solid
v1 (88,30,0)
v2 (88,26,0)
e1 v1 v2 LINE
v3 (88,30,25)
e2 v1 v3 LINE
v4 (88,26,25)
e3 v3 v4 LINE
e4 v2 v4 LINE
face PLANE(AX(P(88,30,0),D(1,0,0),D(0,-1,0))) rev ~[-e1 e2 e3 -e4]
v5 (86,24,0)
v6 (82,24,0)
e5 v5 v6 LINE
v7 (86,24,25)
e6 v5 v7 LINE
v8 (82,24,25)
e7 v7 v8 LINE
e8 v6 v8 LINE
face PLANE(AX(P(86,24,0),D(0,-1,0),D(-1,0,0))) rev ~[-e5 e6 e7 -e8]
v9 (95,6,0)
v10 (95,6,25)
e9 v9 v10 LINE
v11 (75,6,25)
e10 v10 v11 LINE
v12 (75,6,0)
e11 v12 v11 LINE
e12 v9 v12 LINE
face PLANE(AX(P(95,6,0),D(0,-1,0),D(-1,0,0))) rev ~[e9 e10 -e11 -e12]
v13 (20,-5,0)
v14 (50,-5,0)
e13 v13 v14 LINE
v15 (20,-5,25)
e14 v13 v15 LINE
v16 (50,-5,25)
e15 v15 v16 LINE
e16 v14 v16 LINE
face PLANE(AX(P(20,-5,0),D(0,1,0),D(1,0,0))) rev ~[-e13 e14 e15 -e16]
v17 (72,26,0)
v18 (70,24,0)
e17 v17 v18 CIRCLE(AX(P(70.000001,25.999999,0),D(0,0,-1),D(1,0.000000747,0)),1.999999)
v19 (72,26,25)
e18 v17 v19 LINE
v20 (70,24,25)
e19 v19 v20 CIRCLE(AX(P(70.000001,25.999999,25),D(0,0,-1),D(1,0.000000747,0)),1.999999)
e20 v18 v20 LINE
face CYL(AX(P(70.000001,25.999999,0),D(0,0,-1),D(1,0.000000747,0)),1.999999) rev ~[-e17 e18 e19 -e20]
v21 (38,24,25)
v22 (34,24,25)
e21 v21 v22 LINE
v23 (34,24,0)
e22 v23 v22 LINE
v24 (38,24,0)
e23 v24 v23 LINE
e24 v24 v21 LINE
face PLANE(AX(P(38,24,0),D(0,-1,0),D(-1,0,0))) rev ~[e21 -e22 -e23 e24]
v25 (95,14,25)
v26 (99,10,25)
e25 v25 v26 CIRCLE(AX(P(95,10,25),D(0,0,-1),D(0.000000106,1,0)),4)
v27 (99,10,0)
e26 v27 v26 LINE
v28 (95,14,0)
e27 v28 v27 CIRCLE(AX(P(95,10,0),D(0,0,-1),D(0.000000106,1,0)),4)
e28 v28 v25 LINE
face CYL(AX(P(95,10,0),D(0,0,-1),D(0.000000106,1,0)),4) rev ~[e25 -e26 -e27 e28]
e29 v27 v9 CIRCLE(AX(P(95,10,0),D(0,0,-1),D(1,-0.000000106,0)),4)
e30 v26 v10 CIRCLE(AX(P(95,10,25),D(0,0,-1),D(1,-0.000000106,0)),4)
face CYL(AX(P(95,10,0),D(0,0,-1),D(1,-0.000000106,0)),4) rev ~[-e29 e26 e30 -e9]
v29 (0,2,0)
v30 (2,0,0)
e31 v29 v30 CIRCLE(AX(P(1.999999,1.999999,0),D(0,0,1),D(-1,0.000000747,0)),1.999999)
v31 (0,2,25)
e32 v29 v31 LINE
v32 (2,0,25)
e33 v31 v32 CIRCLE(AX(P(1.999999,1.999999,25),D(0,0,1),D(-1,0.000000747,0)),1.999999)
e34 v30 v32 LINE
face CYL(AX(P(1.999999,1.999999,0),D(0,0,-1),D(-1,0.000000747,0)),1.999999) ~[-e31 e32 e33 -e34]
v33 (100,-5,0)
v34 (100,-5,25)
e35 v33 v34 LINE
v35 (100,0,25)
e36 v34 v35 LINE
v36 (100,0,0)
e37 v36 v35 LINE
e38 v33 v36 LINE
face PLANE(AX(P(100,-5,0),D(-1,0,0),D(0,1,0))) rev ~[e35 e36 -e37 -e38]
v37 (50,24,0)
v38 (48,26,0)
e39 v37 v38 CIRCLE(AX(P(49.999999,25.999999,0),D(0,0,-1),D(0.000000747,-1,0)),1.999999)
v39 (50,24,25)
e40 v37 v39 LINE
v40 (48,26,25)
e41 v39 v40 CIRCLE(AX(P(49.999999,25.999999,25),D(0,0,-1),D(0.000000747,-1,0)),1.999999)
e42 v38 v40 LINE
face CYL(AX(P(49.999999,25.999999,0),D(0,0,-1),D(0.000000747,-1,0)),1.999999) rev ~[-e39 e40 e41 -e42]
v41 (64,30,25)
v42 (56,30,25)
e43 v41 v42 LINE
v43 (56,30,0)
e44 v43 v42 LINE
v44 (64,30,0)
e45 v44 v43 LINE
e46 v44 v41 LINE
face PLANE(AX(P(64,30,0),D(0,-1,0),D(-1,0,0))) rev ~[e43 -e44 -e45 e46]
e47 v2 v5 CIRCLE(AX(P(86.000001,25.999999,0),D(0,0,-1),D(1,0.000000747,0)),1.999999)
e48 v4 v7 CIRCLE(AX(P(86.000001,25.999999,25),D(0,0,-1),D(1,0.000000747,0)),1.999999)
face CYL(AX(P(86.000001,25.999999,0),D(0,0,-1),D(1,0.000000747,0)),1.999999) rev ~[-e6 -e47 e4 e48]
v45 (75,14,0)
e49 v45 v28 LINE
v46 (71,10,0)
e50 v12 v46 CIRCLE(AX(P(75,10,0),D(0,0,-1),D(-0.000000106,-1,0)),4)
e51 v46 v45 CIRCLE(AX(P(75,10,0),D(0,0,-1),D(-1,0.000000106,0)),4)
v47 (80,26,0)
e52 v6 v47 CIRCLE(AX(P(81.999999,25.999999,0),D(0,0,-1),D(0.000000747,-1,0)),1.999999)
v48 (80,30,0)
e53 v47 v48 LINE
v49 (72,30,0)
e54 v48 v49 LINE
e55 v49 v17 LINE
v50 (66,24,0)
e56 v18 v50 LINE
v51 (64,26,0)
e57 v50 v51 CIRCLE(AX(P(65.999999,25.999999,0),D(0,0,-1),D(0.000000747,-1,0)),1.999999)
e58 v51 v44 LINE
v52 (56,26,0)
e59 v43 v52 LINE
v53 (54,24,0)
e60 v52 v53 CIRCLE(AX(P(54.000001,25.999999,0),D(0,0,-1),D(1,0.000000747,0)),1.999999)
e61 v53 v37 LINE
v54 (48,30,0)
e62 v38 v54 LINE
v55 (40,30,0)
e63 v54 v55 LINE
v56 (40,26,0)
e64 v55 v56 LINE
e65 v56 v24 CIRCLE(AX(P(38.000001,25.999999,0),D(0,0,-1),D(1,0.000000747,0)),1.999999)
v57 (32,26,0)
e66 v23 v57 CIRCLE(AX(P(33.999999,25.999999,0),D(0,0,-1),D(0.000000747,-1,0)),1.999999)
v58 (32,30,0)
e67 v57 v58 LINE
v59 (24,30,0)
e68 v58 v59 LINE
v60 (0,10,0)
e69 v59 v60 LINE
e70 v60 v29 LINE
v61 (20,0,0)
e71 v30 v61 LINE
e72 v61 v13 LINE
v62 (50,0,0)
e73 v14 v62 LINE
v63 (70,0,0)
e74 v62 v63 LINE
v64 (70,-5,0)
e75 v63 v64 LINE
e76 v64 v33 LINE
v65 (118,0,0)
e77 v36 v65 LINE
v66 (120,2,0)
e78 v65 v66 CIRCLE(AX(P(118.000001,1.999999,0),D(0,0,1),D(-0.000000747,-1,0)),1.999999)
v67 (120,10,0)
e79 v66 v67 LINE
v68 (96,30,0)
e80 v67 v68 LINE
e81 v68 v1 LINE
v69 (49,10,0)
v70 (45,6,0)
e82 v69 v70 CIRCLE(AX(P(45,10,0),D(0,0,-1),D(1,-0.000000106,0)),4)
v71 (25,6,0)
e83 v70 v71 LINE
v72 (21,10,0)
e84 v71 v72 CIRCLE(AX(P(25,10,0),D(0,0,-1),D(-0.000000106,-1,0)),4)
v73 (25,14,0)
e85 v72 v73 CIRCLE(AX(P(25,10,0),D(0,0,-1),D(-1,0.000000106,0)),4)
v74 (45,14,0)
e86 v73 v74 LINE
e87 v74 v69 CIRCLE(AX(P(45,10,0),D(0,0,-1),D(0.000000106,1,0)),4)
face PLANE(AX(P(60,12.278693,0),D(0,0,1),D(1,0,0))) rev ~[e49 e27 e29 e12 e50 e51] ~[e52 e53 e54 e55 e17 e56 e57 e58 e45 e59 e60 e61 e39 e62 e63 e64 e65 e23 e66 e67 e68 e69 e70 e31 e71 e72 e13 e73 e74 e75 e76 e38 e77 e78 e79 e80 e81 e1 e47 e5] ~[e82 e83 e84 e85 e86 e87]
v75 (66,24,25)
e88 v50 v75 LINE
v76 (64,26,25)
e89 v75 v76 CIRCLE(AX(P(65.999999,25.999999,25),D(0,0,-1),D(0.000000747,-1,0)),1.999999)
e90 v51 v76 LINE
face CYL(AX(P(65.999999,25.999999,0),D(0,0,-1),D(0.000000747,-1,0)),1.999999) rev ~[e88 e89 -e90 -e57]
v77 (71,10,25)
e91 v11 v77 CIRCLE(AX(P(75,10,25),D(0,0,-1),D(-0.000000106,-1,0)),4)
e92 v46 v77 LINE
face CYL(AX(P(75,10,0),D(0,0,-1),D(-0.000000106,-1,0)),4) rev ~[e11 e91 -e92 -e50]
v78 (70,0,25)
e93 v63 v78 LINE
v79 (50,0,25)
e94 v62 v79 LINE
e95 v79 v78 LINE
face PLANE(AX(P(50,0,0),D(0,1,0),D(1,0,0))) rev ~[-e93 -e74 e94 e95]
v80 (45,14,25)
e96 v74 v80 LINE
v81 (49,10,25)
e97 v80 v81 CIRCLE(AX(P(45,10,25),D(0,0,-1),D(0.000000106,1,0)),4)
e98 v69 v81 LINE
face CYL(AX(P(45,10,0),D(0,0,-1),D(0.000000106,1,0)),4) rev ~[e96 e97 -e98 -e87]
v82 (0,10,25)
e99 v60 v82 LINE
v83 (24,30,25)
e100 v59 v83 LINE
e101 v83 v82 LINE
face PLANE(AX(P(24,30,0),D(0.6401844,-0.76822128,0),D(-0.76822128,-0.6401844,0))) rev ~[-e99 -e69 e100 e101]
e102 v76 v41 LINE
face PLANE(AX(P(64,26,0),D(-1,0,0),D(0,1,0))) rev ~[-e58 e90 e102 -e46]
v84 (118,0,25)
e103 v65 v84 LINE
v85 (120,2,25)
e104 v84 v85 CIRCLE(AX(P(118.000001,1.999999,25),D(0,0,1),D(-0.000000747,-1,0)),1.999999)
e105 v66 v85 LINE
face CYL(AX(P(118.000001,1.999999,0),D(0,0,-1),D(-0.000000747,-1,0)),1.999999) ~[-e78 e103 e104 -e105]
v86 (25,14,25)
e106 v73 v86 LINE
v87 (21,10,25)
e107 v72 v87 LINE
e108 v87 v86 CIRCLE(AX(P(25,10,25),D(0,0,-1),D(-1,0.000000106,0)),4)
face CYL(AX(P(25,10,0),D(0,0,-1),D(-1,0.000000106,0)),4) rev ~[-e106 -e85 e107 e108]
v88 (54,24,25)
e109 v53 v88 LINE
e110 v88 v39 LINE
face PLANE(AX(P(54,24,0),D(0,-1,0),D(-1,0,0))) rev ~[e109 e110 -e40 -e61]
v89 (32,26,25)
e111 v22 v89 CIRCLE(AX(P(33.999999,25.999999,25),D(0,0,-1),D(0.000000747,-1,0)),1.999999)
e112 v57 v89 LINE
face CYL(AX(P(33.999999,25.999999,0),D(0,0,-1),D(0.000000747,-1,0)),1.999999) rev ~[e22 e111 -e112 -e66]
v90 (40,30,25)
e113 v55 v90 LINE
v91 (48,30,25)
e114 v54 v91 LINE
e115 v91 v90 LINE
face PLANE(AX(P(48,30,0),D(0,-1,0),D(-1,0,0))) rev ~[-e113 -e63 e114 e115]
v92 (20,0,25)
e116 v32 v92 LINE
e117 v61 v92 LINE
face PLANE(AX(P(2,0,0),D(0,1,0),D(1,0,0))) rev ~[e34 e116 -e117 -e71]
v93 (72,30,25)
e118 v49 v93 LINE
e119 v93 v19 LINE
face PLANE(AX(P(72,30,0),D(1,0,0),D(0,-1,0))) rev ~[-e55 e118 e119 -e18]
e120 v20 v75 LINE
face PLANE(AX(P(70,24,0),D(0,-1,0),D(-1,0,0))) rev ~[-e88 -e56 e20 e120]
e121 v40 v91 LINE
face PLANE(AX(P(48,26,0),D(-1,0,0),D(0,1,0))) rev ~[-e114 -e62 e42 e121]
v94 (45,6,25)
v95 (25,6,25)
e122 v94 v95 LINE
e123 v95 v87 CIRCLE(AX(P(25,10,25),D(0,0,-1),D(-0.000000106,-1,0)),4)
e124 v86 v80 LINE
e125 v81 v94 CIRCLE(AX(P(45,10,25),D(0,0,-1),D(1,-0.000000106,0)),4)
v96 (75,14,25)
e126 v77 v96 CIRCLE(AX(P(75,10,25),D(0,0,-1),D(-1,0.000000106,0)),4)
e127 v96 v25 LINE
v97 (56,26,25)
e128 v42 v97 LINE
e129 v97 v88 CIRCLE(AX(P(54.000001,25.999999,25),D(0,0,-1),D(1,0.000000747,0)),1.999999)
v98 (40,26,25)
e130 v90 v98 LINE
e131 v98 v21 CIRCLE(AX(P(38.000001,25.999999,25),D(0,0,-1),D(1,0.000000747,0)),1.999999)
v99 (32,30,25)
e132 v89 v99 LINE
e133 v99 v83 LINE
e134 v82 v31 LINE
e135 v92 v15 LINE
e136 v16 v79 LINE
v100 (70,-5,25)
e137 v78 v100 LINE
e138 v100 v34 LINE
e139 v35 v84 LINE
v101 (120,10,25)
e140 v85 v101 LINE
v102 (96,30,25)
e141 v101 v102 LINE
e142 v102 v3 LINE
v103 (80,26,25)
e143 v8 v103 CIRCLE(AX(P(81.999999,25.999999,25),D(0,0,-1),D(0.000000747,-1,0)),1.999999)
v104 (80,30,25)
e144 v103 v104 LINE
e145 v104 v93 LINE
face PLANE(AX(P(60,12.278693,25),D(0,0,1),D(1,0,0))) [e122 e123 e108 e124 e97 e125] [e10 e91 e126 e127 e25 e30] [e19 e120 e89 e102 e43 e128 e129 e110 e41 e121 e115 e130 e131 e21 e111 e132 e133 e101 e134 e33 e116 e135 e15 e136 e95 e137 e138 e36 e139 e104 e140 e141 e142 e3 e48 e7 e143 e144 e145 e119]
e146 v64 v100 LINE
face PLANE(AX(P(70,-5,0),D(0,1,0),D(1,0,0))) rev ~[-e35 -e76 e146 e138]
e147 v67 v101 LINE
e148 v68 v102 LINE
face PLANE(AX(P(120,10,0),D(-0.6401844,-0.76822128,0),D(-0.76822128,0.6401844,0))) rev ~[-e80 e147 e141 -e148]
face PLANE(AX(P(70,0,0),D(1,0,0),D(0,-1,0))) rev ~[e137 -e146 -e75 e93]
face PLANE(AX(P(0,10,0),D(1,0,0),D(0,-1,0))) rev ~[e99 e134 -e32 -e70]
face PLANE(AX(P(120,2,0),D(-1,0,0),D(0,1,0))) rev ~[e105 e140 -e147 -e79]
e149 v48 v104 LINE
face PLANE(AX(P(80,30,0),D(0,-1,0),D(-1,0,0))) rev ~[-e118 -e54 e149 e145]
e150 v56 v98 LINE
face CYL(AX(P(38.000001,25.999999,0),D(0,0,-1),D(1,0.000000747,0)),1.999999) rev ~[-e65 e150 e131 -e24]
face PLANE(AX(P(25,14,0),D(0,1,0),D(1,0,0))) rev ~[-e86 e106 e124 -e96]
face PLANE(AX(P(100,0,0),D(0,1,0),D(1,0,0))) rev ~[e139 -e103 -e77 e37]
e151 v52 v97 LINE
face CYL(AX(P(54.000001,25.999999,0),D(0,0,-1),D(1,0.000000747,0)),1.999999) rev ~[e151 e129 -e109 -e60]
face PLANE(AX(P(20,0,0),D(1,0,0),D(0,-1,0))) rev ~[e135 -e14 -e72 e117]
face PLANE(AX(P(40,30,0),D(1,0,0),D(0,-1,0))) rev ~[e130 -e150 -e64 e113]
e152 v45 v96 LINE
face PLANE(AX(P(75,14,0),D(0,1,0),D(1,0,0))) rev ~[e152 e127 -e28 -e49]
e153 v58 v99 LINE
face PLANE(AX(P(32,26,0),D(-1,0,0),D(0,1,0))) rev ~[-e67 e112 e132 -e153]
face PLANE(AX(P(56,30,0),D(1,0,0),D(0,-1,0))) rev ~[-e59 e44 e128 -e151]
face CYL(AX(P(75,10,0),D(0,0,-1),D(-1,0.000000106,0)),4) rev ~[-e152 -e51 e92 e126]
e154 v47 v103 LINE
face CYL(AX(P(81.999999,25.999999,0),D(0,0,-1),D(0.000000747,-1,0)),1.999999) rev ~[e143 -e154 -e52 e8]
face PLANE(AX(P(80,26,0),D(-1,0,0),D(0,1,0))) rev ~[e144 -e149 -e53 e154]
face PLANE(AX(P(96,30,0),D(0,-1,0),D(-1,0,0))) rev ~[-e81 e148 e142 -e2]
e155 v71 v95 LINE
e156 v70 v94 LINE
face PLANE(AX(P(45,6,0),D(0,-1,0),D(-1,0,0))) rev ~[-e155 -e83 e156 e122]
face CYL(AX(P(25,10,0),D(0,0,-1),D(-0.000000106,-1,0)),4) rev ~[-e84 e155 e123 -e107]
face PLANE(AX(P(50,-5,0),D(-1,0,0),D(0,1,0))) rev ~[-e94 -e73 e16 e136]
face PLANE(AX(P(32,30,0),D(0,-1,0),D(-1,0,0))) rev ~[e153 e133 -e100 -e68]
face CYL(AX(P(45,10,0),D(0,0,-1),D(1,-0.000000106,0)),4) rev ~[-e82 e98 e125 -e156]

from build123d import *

# Parameters (mm, degrees)
F1_DEPTH = 25


with BuildPart() as f1:
    # F0 (on Top) → F1 (new body)
    with BuildSketch(Plane.XY):
        with BuildLine():
            ThreePointArc((0, 2), (0.585786, 0.585786), (2, 0))
            Line((2, 0), (20, 0))
            Line((20, 0), (20, -5))
            Line((20, -5), (50, -5))
            Line((50, -5), (50, 0))
            Line((50, 0), (70, 0))
            Line((70, 0), (70, -5))
            Line((70, -5), (100, -5))
            Line((100, -5), (100, 0))
            Line((100, 0), (118, 0))
            ThreePointArc((118, 0), (119.414214, 0.585786), (120, 2))
            Line((120, 2), (120, 10))
            Line((120, 10), (96, 30))
            Line((96, 30), (88, 30))
            Line((88, 30), (88, 26))
            ThreePointArc((88, 26), (87.414214, 24.585786), (86, 24))
            Line((86, 24), (82, 24))
            ThreePointArc((82, 24), (80.585786, 24.585786), (80, 26))
            Line((80, 26), (80, 30))
            Line((80, 30), (72, 30))
            Line((72, 30), (72, 26))
            ThreePointArc((72, 26), (71.414214, 24.585786), (70, 24))
            Line((70, 24), (66, 24))
            ThreePointArc((66, 24), (64.585786, 24.585786), (64, 26))
            Line((64, 26), (64, 30))
            Line((64, 30), (56, 30))
            Line((56, 30), (56, 26))
            ThreePointArc((56, 26), (55.414214, 24.585786), (54, 24))
            Line((54, 24), (50, 24))
            ThreePointArc((50, 24), (48.585786, 24.585786), (48, 26))
            Line((48, 26), (48, 30))
            Line((48, 30), (40, 30))
            Line((40, 30), (40, 26))
            ThreePointArc((40, 26), (39.414214, 24.585786), (38, 24))
            Line((38, 24), (34, 24))
            ThreePointArc((34, 24), (32.585786, 24.585786), (32, 26))
            Line((32, 26), (32, 30))
            Line((32, 30), (24, 30))
            Line((24, 30), (0, 10))
            Line((0, 10), (0, 2))
        make_face()
        with BuildLine():
            ThreePointArc((21, 10), (22.171573, 12.828427), (25, 14))
            Line((25, 14), (45, 14))
            ThreePointArc((45, 14), (47.828427, 12.828427), (49, 10))
            ThreePointArc((49, 10), (47.828427, 7.171573), (45, 6))
            Line((45, 6), (25, 6))
            ThreePointArc((25, 6), (22.171573, 7.171573), (21, 10))
        make_face(mode=Mode.SUBTRACT)
        with BuildLine():
            Line((95, 6), (75, 6))
            ThreePointArc((75, 6), (72.171573, 7.171573), (71, 10))
            ThreePointArc((71, 10), (72.171573, 12.828427), (75, 14))
            Line((75, 14), (95, 14))
            ThreePointArc((95, 14), (97.828427, 12.828427), (99, 10))
            ThreePointArc((99, 10), (97.828427, 7.171573), (95, 6))
        make_face(mode=Mode.SUBTRACT)
    extrude(amount=F1_DEPTH)


solid = f1.part
